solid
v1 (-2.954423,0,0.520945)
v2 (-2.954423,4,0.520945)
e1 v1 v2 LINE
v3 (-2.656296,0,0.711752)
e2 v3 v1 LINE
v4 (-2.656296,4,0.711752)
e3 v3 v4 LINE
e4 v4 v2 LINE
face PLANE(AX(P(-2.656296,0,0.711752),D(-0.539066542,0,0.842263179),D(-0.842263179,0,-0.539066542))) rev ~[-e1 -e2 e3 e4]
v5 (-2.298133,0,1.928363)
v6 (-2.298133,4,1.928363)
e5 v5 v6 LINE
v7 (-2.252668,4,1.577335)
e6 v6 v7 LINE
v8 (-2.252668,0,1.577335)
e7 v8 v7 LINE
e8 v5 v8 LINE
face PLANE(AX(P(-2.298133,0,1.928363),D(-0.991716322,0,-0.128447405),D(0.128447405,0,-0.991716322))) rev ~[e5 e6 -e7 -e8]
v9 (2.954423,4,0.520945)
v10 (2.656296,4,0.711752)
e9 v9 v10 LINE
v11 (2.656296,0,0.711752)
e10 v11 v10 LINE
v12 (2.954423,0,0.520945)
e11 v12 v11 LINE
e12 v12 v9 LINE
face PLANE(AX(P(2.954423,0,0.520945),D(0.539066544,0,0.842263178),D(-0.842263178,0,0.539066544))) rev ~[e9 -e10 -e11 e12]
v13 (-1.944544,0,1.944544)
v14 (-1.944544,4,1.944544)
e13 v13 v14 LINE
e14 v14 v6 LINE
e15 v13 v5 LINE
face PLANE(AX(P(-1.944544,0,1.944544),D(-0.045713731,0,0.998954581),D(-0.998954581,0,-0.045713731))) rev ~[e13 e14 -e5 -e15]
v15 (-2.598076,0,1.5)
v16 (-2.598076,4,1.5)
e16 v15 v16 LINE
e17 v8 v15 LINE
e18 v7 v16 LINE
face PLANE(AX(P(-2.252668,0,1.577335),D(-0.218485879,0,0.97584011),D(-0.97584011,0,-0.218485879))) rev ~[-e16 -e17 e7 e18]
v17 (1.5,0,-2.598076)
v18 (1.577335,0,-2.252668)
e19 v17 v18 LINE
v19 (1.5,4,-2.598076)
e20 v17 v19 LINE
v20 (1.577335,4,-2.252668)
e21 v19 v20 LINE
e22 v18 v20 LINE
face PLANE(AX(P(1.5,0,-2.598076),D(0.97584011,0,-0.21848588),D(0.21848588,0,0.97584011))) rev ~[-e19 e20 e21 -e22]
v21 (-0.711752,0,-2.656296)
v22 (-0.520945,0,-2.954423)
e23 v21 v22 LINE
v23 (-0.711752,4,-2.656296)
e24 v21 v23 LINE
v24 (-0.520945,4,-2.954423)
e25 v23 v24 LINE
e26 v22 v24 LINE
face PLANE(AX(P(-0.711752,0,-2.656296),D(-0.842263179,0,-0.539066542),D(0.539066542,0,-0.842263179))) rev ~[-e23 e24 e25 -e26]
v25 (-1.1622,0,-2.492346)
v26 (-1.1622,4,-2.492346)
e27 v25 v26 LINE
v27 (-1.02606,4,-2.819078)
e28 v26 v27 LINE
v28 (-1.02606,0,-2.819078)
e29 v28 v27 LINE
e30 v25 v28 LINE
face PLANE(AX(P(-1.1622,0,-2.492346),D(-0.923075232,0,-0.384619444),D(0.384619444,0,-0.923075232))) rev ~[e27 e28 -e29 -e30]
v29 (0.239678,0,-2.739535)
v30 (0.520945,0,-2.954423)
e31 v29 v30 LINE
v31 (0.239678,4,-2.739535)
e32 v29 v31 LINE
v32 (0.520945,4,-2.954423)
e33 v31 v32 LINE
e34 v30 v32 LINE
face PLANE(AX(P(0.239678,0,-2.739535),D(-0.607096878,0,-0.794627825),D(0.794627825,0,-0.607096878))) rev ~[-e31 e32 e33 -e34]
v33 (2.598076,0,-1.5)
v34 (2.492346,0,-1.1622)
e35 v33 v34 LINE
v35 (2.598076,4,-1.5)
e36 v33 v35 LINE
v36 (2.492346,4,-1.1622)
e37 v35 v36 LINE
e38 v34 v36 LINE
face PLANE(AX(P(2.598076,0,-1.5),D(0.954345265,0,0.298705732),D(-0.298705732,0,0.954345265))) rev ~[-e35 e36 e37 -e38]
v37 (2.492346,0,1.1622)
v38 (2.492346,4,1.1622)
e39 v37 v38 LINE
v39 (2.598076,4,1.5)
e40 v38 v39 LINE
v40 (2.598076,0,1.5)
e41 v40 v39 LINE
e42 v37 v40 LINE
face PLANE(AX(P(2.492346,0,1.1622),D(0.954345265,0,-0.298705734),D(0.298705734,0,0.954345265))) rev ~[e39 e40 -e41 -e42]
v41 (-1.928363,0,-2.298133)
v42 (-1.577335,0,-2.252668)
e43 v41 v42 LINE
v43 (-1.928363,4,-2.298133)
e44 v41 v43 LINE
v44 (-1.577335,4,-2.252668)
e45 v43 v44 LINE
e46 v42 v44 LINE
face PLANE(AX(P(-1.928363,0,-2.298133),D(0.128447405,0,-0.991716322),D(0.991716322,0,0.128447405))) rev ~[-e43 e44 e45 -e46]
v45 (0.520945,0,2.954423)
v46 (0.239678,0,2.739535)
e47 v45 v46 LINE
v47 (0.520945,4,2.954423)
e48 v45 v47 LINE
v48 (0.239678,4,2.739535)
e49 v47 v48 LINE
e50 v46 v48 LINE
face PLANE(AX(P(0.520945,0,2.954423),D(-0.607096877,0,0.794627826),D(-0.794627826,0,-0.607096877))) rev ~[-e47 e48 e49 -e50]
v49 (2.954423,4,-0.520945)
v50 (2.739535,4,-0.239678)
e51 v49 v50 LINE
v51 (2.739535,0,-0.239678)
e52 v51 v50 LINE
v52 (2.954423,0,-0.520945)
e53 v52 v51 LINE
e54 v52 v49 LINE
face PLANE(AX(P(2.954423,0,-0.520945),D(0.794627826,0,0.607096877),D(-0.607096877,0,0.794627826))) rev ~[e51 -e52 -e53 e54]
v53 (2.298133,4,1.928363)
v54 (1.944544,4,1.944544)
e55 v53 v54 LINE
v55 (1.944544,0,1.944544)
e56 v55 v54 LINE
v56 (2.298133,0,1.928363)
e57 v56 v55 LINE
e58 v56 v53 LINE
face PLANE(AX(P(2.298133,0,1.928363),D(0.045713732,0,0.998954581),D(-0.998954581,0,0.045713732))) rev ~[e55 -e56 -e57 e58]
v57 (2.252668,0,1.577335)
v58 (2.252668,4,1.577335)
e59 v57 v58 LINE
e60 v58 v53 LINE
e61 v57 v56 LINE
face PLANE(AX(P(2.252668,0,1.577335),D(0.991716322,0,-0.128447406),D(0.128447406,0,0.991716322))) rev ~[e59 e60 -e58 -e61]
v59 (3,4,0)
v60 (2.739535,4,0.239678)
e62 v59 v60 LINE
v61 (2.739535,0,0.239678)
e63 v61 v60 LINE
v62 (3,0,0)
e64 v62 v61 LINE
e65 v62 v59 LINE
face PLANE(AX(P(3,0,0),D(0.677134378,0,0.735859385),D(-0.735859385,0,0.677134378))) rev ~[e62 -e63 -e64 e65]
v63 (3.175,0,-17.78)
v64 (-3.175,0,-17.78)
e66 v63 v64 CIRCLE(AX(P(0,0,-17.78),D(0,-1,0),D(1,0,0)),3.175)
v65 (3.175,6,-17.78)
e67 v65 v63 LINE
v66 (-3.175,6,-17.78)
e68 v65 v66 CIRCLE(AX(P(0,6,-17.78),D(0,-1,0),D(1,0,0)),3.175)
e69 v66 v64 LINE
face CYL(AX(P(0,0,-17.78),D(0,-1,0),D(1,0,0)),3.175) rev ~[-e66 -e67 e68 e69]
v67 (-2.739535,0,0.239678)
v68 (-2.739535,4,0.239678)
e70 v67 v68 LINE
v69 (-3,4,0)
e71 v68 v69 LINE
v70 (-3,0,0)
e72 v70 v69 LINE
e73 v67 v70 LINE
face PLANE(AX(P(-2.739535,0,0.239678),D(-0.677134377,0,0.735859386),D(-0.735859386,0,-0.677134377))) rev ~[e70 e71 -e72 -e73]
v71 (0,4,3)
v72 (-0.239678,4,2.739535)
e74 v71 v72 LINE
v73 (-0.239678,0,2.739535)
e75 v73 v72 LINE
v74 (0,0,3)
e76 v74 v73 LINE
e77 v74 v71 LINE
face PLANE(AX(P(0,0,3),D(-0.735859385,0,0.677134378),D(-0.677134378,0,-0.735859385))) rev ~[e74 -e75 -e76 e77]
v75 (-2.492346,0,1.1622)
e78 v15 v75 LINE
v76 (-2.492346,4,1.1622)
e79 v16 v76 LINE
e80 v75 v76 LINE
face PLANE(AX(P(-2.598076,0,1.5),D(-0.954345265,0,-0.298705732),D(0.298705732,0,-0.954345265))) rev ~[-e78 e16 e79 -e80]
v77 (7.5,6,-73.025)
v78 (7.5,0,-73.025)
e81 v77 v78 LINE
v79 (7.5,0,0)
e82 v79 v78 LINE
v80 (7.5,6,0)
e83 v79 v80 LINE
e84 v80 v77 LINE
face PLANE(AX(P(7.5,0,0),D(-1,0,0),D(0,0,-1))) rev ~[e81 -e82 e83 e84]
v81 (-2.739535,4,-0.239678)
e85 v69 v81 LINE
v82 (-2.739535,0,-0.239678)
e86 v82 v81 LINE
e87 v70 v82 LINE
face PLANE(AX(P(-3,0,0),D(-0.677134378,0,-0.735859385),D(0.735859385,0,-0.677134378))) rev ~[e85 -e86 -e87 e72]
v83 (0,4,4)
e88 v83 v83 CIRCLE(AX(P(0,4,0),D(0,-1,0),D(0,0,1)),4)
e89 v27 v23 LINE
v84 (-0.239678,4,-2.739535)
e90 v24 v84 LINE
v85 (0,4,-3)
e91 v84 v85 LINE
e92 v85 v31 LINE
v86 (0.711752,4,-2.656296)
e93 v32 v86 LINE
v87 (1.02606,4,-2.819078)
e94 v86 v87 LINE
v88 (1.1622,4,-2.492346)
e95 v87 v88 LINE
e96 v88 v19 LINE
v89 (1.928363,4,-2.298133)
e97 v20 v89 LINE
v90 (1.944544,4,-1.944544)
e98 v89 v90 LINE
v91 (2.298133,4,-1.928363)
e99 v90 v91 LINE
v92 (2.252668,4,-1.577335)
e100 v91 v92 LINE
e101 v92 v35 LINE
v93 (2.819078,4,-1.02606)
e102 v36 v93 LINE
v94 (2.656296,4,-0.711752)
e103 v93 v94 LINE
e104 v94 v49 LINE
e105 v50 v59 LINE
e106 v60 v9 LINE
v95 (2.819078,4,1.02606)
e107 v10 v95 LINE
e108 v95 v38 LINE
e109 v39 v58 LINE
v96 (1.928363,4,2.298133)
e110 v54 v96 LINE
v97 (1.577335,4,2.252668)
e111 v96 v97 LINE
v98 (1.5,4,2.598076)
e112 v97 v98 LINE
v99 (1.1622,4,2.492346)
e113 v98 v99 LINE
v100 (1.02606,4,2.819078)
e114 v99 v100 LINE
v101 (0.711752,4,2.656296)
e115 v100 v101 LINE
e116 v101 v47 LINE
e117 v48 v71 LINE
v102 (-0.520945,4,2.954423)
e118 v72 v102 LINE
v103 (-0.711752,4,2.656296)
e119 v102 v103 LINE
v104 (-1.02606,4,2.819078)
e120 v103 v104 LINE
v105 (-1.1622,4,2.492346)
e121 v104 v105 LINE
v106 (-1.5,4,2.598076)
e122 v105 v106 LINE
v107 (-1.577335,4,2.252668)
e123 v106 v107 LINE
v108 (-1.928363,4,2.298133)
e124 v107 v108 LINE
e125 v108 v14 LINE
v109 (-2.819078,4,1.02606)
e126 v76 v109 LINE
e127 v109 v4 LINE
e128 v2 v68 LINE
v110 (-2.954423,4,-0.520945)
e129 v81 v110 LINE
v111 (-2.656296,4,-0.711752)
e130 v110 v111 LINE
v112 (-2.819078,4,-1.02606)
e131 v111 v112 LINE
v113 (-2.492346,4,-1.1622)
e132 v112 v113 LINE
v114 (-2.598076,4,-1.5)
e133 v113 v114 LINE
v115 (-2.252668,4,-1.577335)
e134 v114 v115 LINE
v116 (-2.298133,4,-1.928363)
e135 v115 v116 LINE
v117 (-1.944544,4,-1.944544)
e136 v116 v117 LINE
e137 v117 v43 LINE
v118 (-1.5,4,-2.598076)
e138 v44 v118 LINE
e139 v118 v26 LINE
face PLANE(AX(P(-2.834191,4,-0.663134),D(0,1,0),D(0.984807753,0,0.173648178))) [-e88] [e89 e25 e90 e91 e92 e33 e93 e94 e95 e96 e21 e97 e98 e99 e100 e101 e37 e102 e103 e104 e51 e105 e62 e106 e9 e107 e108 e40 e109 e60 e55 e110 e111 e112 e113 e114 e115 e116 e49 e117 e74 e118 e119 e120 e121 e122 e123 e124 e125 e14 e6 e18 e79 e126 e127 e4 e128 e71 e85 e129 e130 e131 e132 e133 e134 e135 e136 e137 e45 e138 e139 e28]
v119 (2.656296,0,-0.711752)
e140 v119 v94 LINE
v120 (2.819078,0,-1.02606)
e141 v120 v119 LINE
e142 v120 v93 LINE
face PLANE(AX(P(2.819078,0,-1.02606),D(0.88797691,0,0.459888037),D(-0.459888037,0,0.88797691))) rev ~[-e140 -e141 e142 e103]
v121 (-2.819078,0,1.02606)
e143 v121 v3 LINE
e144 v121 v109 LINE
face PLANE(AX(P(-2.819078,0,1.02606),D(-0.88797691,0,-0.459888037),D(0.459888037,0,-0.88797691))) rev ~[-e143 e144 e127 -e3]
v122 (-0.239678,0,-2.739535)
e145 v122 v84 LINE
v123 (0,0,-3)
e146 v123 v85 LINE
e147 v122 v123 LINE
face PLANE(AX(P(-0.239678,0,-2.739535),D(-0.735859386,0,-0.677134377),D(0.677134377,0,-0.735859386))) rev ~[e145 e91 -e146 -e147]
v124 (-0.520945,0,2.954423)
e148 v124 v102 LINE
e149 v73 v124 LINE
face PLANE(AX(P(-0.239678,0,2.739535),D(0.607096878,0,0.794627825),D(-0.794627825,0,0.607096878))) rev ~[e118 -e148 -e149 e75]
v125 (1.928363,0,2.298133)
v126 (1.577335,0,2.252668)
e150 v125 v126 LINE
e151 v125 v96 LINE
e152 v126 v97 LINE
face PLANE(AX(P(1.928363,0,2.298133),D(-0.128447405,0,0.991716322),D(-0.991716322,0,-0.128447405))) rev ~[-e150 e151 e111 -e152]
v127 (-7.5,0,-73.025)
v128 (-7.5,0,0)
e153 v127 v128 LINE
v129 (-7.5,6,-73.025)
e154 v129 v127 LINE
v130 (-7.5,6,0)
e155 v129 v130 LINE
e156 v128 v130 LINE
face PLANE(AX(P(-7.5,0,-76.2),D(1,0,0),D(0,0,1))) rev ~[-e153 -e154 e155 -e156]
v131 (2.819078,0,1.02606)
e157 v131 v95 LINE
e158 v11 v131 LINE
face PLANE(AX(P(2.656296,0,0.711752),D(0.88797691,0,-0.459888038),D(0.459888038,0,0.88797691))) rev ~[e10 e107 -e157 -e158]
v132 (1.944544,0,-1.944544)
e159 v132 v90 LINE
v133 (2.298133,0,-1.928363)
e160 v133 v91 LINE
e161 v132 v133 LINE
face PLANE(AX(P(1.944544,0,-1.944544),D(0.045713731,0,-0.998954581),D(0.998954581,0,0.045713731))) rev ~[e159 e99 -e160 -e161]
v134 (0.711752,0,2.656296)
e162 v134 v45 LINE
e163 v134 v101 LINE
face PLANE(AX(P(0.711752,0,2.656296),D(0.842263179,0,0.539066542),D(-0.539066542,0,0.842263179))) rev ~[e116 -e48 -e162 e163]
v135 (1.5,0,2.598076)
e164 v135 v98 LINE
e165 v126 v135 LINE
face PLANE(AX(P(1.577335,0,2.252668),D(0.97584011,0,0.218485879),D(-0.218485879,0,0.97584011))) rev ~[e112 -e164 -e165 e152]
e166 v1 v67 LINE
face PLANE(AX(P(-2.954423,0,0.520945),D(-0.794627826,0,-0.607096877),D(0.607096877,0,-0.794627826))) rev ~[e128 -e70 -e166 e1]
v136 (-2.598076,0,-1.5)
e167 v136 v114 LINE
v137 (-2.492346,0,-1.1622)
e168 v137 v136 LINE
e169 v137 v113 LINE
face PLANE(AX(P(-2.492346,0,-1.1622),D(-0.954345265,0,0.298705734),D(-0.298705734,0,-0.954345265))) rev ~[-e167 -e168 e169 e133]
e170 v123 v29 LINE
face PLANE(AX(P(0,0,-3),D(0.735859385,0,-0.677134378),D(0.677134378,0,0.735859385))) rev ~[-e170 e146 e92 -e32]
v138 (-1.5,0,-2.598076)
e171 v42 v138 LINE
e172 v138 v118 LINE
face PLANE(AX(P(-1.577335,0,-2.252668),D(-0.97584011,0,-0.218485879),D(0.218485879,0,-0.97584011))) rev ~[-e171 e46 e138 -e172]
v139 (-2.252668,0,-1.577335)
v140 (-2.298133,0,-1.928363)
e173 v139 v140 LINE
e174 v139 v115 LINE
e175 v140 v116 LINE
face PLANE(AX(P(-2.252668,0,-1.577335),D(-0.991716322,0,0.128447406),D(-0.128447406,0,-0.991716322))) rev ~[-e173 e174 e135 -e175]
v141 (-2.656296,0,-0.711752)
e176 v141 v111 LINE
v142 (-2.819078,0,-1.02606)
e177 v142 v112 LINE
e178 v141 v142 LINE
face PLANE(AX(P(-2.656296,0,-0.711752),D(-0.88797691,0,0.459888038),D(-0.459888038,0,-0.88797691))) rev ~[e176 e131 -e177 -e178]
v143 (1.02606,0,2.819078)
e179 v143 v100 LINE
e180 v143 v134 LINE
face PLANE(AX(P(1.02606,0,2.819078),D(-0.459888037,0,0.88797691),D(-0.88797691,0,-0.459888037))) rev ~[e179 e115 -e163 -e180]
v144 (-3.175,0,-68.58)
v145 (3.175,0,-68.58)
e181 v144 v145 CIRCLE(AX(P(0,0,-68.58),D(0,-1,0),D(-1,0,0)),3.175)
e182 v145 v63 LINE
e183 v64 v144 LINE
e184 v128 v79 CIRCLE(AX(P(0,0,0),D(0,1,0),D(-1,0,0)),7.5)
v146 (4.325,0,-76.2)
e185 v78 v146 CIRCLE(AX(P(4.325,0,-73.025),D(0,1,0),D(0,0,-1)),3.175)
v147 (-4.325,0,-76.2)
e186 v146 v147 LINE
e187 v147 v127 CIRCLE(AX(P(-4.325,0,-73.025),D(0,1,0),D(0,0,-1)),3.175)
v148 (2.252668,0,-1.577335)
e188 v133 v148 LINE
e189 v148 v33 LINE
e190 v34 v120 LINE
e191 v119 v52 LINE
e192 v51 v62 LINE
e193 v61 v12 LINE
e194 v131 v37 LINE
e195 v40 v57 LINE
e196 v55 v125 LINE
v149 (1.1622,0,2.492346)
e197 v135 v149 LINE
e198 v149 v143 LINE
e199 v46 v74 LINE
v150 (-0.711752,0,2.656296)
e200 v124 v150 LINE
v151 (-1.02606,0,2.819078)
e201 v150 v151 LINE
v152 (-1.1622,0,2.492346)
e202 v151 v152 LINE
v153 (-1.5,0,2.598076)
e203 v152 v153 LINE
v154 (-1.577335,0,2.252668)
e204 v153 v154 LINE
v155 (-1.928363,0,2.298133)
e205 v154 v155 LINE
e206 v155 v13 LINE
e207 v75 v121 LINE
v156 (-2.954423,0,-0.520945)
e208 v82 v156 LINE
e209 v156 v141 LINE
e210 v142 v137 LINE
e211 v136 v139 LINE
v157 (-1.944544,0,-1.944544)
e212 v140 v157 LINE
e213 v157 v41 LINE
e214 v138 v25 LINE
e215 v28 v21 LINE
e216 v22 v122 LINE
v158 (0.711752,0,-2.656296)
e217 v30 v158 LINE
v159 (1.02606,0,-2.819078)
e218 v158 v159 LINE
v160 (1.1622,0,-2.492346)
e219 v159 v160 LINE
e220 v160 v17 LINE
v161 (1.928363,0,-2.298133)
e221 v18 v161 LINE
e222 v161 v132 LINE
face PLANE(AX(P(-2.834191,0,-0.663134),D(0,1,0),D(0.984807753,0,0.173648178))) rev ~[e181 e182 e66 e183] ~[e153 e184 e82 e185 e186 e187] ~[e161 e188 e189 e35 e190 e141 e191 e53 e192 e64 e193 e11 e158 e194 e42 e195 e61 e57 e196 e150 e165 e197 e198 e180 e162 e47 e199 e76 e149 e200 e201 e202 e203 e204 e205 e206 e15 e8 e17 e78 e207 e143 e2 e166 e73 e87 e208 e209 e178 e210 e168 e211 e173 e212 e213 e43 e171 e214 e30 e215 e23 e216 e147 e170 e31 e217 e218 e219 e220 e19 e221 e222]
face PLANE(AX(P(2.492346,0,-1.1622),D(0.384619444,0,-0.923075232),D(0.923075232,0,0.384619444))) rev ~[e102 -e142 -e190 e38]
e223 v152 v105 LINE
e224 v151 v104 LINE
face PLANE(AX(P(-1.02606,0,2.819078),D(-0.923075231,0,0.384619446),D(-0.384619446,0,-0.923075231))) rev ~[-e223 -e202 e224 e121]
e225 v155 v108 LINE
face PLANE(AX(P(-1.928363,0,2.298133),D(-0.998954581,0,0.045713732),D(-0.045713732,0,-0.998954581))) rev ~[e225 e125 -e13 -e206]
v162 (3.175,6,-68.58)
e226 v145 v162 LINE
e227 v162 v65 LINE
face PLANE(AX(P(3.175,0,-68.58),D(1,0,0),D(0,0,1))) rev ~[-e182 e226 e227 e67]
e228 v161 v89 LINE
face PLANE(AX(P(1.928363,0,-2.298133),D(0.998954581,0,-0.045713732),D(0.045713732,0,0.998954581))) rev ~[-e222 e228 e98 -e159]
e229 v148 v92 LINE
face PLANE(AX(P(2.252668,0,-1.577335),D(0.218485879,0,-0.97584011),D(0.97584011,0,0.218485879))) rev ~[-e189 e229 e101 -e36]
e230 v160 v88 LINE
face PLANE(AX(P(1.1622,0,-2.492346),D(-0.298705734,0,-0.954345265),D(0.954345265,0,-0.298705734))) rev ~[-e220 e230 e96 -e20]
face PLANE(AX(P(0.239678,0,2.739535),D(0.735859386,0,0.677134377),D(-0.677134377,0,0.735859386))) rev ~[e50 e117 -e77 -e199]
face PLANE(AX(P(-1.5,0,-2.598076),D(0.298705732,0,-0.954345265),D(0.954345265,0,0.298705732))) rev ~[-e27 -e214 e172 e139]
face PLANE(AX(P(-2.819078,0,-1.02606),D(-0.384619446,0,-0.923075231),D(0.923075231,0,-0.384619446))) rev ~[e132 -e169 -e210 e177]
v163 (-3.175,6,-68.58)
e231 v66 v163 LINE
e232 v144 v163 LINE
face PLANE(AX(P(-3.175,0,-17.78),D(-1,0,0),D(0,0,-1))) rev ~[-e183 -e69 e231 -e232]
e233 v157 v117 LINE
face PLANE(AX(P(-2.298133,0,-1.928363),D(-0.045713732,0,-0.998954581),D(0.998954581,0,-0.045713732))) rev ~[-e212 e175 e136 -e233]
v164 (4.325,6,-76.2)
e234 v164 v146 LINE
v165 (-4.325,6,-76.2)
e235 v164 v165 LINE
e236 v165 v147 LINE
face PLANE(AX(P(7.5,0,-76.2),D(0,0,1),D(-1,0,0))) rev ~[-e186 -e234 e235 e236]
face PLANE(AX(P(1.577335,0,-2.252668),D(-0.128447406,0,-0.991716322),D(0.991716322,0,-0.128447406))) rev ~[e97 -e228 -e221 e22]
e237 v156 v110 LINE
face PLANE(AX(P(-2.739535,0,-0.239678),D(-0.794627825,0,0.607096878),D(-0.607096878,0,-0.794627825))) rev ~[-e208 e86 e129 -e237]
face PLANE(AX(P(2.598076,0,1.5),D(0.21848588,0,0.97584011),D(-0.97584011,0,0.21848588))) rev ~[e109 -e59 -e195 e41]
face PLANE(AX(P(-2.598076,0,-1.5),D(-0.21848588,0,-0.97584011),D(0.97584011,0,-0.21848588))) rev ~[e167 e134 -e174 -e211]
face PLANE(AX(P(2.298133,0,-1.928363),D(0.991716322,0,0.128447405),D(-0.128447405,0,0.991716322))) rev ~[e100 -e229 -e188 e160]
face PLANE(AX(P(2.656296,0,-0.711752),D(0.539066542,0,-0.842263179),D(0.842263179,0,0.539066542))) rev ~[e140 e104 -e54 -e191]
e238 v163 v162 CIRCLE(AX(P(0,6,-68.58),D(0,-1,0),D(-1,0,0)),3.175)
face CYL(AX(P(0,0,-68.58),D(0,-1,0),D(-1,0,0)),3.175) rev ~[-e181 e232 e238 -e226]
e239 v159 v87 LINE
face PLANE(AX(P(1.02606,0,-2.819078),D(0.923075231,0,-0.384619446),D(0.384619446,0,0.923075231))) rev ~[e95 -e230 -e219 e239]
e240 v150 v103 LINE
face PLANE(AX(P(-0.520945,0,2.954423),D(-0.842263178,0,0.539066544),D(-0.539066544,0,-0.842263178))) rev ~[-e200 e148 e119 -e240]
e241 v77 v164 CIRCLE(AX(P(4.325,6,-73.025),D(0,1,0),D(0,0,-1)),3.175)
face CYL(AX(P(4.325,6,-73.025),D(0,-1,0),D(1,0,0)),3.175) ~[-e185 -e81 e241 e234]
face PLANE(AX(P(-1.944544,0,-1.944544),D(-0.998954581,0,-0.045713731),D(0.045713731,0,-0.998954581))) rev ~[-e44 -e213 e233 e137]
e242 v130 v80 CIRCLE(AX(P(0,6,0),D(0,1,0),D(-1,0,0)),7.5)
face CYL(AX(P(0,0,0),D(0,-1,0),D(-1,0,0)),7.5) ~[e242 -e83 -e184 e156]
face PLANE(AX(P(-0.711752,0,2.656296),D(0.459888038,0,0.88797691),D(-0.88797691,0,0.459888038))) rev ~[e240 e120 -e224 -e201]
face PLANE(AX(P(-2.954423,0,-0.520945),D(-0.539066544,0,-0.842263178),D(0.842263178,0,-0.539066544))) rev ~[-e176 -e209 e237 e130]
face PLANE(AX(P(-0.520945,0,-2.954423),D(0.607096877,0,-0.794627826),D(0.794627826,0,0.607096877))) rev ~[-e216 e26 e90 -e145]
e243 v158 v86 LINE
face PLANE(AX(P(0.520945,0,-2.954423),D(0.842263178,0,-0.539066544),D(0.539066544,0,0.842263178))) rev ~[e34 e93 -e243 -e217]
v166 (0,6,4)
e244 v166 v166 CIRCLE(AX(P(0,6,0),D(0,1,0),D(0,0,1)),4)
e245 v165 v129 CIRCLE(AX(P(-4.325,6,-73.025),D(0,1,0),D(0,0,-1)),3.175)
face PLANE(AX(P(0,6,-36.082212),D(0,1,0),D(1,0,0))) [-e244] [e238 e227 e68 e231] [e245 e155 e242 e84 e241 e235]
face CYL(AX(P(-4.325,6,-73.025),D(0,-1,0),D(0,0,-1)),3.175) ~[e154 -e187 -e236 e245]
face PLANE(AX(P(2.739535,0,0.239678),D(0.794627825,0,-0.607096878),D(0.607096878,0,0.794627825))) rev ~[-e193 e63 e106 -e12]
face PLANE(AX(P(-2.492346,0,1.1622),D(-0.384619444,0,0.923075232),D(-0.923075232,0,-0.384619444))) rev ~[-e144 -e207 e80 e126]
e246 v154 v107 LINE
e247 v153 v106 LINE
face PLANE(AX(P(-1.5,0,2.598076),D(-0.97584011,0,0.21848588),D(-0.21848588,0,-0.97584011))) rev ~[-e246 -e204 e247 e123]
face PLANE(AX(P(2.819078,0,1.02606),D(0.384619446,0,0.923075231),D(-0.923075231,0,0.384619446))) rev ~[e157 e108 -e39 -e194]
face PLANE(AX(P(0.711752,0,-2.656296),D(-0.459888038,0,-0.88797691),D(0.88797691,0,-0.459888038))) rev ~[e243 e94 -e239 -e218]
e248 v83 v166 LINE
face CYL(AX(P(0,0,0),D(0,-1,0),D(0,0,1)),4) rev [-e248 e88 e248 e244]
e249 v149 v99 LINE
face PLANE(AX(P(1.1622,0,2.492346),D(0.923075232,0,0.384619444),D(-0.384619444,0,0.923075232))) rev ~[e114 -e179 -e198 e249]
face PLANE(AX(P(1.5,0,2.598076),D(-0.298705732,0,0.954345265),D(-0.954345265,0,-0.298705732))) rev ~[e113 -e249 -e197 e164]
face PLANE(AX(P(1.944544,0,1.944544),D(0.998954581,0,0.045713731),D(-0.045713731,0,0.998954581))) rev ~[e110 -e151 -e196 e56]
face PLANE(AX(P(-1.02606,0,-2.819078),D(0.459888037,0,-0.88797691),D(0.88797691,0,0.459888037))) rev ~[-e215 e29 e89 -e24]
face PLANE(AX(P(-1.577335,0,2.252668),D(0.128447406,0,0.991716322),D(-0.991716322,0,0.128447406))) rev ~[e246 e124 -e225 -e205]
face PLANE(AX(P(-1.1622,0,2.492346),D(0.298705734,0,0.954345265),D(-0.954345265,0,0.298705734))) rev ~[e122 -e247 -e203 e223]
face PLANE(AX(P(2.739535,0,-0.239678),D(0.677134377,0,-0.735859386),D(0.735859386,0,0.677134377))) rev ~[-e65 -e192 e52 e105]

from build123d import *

# Parameters (mm, degrees)
SALIENTE_EXTRUIR1_DEPTH = 4
CROQUIS1_3_R            = 4
SALIENTE_EXTRUIR2_DEPTH = 6
SALIENTE_EXTRUIR3_DEPTH = 4
MATRIZC1_COUNT          = 36
FILLET1_R               = 3.175


with BuildPart() as part:
    # Croquis1 → Saliente-Extruir1 (new body)
    with BuildSketch(Plane(origin=(0, 0, 0), x_dir=(1, 0, 0), z_dir=(0, 1, 0))):
        with BuildLine():
            Line((-7.5, 76.2), (-7.5, 0))
            ThreePointArc((-7.5, 0), (0, -7.5), (7.5, 0))
            Line((7.5, 0), (7.5, 76.2))
            Line((7.5, 76.2), (-7.5, 76.2))
        make_face()
        with BuildLine():
            ThreePointArc((-3.175, 68.58), (0, 71.755), (3.175, 68.58))
            Line((3.175, 68.58), (3.175, 17.78))
            ThreePointArc((3.175, 17.78), (0, 14.605), (-3.175, 17.78))
            Line((-3.175, 17.78), (-3.175, 68.58))
        make_face(mode=Mode.SUBTRACT)
        with BuildLine():
            ThreePointArc((-2.988584094, 0.261467228), (-2.974334584, 0.391578577), (-2.954423259, 0.520944533))
            ThreePointArc((-2.954423259, 0.520944533), (2.974334584, -0.391578577), (-2.988584094, 0.261467228))
        make_face(mode=Mode.SUBTRACT)
    extrude(amount=SALIENTE_EXTRUIR1_DEPTH)

    # Croquis1<3> → Saliente-Extruir2 (add)
    with BuildSketch(Plane(origin=(0, 0, 0), x_dir=(1, 0, 0), z_dir=(0, 1, 0))):
        with BuildLine():
            Line((-7.5, 76.2), (-7.5, 0))
            ThreePointArc((-7.5, 0), (0, -7.5), (7.5, 0))
            Line((7.5, 0), (7.5, 76.2))
            Line((7.5, 76.2), (-7.5, 76.2))
        make_face()
        with BuildLine():
            ThreePointArc((-3.175, 68.58), (0, 71.755), (3.175, 68.58))
            Line((3.175, 68.58), (3.175, 17.78))
            ThreePointArc((3.175, 17.78), (0, 14.605), (-3.175, 17.78))
            Line((-3.175, 17.78), (-3.175, 68.58))
        make_face(mode=Mode.SUBTRACT)
        Circle(CROQUIS1_3_R, mode=Mode.SUBTRACT)
    extrude(amount=SALIENTE_EXTRUIR2_DEPTH)

    # Croquis1<4> → Saliente-Extruir3 (add)
    with BuildSketch(Plane(origin=(0, 0, 0), x_dir=(1, 0, 0), z_dir=(0, 1, 0))):
        with BuildLine():
            Line((-3, 0), (-2.73953542, 0.239678293))
            Line((-2.73953542, 0.239678293), (-2.954423259, 0.520944533))
            ThreePointArc((-2.954423259, 0.520944533), (-2.988584094, 0.261467228), (-3, 0))
        make_face()
    saliente_extruir3 = extrude(amount=SALIENTE_EXTRUIR3_DEPTH)

    # MatrizC1: Saliente-Extruir3 ×36 about axis
    matrizc1_axis = Axis((0, 6, 0), (0, -1, 0))
    for i in range(1, MATRIZC1_COUNT):
        add(saliente_extruir3.rotate(matrizc1_axis, i * 360 / MATRIZC1_COUNT))

    # Fillet1
    fillet1_edges = [part.edges().sort_by_distance(p)[0] for p in [
        (-7.5, 3, -76.2),
        (7.5, 3, -76.2),
    ]]
    fillet(fillet1_edges, radius=FILLET1_R)


solid = part.part
